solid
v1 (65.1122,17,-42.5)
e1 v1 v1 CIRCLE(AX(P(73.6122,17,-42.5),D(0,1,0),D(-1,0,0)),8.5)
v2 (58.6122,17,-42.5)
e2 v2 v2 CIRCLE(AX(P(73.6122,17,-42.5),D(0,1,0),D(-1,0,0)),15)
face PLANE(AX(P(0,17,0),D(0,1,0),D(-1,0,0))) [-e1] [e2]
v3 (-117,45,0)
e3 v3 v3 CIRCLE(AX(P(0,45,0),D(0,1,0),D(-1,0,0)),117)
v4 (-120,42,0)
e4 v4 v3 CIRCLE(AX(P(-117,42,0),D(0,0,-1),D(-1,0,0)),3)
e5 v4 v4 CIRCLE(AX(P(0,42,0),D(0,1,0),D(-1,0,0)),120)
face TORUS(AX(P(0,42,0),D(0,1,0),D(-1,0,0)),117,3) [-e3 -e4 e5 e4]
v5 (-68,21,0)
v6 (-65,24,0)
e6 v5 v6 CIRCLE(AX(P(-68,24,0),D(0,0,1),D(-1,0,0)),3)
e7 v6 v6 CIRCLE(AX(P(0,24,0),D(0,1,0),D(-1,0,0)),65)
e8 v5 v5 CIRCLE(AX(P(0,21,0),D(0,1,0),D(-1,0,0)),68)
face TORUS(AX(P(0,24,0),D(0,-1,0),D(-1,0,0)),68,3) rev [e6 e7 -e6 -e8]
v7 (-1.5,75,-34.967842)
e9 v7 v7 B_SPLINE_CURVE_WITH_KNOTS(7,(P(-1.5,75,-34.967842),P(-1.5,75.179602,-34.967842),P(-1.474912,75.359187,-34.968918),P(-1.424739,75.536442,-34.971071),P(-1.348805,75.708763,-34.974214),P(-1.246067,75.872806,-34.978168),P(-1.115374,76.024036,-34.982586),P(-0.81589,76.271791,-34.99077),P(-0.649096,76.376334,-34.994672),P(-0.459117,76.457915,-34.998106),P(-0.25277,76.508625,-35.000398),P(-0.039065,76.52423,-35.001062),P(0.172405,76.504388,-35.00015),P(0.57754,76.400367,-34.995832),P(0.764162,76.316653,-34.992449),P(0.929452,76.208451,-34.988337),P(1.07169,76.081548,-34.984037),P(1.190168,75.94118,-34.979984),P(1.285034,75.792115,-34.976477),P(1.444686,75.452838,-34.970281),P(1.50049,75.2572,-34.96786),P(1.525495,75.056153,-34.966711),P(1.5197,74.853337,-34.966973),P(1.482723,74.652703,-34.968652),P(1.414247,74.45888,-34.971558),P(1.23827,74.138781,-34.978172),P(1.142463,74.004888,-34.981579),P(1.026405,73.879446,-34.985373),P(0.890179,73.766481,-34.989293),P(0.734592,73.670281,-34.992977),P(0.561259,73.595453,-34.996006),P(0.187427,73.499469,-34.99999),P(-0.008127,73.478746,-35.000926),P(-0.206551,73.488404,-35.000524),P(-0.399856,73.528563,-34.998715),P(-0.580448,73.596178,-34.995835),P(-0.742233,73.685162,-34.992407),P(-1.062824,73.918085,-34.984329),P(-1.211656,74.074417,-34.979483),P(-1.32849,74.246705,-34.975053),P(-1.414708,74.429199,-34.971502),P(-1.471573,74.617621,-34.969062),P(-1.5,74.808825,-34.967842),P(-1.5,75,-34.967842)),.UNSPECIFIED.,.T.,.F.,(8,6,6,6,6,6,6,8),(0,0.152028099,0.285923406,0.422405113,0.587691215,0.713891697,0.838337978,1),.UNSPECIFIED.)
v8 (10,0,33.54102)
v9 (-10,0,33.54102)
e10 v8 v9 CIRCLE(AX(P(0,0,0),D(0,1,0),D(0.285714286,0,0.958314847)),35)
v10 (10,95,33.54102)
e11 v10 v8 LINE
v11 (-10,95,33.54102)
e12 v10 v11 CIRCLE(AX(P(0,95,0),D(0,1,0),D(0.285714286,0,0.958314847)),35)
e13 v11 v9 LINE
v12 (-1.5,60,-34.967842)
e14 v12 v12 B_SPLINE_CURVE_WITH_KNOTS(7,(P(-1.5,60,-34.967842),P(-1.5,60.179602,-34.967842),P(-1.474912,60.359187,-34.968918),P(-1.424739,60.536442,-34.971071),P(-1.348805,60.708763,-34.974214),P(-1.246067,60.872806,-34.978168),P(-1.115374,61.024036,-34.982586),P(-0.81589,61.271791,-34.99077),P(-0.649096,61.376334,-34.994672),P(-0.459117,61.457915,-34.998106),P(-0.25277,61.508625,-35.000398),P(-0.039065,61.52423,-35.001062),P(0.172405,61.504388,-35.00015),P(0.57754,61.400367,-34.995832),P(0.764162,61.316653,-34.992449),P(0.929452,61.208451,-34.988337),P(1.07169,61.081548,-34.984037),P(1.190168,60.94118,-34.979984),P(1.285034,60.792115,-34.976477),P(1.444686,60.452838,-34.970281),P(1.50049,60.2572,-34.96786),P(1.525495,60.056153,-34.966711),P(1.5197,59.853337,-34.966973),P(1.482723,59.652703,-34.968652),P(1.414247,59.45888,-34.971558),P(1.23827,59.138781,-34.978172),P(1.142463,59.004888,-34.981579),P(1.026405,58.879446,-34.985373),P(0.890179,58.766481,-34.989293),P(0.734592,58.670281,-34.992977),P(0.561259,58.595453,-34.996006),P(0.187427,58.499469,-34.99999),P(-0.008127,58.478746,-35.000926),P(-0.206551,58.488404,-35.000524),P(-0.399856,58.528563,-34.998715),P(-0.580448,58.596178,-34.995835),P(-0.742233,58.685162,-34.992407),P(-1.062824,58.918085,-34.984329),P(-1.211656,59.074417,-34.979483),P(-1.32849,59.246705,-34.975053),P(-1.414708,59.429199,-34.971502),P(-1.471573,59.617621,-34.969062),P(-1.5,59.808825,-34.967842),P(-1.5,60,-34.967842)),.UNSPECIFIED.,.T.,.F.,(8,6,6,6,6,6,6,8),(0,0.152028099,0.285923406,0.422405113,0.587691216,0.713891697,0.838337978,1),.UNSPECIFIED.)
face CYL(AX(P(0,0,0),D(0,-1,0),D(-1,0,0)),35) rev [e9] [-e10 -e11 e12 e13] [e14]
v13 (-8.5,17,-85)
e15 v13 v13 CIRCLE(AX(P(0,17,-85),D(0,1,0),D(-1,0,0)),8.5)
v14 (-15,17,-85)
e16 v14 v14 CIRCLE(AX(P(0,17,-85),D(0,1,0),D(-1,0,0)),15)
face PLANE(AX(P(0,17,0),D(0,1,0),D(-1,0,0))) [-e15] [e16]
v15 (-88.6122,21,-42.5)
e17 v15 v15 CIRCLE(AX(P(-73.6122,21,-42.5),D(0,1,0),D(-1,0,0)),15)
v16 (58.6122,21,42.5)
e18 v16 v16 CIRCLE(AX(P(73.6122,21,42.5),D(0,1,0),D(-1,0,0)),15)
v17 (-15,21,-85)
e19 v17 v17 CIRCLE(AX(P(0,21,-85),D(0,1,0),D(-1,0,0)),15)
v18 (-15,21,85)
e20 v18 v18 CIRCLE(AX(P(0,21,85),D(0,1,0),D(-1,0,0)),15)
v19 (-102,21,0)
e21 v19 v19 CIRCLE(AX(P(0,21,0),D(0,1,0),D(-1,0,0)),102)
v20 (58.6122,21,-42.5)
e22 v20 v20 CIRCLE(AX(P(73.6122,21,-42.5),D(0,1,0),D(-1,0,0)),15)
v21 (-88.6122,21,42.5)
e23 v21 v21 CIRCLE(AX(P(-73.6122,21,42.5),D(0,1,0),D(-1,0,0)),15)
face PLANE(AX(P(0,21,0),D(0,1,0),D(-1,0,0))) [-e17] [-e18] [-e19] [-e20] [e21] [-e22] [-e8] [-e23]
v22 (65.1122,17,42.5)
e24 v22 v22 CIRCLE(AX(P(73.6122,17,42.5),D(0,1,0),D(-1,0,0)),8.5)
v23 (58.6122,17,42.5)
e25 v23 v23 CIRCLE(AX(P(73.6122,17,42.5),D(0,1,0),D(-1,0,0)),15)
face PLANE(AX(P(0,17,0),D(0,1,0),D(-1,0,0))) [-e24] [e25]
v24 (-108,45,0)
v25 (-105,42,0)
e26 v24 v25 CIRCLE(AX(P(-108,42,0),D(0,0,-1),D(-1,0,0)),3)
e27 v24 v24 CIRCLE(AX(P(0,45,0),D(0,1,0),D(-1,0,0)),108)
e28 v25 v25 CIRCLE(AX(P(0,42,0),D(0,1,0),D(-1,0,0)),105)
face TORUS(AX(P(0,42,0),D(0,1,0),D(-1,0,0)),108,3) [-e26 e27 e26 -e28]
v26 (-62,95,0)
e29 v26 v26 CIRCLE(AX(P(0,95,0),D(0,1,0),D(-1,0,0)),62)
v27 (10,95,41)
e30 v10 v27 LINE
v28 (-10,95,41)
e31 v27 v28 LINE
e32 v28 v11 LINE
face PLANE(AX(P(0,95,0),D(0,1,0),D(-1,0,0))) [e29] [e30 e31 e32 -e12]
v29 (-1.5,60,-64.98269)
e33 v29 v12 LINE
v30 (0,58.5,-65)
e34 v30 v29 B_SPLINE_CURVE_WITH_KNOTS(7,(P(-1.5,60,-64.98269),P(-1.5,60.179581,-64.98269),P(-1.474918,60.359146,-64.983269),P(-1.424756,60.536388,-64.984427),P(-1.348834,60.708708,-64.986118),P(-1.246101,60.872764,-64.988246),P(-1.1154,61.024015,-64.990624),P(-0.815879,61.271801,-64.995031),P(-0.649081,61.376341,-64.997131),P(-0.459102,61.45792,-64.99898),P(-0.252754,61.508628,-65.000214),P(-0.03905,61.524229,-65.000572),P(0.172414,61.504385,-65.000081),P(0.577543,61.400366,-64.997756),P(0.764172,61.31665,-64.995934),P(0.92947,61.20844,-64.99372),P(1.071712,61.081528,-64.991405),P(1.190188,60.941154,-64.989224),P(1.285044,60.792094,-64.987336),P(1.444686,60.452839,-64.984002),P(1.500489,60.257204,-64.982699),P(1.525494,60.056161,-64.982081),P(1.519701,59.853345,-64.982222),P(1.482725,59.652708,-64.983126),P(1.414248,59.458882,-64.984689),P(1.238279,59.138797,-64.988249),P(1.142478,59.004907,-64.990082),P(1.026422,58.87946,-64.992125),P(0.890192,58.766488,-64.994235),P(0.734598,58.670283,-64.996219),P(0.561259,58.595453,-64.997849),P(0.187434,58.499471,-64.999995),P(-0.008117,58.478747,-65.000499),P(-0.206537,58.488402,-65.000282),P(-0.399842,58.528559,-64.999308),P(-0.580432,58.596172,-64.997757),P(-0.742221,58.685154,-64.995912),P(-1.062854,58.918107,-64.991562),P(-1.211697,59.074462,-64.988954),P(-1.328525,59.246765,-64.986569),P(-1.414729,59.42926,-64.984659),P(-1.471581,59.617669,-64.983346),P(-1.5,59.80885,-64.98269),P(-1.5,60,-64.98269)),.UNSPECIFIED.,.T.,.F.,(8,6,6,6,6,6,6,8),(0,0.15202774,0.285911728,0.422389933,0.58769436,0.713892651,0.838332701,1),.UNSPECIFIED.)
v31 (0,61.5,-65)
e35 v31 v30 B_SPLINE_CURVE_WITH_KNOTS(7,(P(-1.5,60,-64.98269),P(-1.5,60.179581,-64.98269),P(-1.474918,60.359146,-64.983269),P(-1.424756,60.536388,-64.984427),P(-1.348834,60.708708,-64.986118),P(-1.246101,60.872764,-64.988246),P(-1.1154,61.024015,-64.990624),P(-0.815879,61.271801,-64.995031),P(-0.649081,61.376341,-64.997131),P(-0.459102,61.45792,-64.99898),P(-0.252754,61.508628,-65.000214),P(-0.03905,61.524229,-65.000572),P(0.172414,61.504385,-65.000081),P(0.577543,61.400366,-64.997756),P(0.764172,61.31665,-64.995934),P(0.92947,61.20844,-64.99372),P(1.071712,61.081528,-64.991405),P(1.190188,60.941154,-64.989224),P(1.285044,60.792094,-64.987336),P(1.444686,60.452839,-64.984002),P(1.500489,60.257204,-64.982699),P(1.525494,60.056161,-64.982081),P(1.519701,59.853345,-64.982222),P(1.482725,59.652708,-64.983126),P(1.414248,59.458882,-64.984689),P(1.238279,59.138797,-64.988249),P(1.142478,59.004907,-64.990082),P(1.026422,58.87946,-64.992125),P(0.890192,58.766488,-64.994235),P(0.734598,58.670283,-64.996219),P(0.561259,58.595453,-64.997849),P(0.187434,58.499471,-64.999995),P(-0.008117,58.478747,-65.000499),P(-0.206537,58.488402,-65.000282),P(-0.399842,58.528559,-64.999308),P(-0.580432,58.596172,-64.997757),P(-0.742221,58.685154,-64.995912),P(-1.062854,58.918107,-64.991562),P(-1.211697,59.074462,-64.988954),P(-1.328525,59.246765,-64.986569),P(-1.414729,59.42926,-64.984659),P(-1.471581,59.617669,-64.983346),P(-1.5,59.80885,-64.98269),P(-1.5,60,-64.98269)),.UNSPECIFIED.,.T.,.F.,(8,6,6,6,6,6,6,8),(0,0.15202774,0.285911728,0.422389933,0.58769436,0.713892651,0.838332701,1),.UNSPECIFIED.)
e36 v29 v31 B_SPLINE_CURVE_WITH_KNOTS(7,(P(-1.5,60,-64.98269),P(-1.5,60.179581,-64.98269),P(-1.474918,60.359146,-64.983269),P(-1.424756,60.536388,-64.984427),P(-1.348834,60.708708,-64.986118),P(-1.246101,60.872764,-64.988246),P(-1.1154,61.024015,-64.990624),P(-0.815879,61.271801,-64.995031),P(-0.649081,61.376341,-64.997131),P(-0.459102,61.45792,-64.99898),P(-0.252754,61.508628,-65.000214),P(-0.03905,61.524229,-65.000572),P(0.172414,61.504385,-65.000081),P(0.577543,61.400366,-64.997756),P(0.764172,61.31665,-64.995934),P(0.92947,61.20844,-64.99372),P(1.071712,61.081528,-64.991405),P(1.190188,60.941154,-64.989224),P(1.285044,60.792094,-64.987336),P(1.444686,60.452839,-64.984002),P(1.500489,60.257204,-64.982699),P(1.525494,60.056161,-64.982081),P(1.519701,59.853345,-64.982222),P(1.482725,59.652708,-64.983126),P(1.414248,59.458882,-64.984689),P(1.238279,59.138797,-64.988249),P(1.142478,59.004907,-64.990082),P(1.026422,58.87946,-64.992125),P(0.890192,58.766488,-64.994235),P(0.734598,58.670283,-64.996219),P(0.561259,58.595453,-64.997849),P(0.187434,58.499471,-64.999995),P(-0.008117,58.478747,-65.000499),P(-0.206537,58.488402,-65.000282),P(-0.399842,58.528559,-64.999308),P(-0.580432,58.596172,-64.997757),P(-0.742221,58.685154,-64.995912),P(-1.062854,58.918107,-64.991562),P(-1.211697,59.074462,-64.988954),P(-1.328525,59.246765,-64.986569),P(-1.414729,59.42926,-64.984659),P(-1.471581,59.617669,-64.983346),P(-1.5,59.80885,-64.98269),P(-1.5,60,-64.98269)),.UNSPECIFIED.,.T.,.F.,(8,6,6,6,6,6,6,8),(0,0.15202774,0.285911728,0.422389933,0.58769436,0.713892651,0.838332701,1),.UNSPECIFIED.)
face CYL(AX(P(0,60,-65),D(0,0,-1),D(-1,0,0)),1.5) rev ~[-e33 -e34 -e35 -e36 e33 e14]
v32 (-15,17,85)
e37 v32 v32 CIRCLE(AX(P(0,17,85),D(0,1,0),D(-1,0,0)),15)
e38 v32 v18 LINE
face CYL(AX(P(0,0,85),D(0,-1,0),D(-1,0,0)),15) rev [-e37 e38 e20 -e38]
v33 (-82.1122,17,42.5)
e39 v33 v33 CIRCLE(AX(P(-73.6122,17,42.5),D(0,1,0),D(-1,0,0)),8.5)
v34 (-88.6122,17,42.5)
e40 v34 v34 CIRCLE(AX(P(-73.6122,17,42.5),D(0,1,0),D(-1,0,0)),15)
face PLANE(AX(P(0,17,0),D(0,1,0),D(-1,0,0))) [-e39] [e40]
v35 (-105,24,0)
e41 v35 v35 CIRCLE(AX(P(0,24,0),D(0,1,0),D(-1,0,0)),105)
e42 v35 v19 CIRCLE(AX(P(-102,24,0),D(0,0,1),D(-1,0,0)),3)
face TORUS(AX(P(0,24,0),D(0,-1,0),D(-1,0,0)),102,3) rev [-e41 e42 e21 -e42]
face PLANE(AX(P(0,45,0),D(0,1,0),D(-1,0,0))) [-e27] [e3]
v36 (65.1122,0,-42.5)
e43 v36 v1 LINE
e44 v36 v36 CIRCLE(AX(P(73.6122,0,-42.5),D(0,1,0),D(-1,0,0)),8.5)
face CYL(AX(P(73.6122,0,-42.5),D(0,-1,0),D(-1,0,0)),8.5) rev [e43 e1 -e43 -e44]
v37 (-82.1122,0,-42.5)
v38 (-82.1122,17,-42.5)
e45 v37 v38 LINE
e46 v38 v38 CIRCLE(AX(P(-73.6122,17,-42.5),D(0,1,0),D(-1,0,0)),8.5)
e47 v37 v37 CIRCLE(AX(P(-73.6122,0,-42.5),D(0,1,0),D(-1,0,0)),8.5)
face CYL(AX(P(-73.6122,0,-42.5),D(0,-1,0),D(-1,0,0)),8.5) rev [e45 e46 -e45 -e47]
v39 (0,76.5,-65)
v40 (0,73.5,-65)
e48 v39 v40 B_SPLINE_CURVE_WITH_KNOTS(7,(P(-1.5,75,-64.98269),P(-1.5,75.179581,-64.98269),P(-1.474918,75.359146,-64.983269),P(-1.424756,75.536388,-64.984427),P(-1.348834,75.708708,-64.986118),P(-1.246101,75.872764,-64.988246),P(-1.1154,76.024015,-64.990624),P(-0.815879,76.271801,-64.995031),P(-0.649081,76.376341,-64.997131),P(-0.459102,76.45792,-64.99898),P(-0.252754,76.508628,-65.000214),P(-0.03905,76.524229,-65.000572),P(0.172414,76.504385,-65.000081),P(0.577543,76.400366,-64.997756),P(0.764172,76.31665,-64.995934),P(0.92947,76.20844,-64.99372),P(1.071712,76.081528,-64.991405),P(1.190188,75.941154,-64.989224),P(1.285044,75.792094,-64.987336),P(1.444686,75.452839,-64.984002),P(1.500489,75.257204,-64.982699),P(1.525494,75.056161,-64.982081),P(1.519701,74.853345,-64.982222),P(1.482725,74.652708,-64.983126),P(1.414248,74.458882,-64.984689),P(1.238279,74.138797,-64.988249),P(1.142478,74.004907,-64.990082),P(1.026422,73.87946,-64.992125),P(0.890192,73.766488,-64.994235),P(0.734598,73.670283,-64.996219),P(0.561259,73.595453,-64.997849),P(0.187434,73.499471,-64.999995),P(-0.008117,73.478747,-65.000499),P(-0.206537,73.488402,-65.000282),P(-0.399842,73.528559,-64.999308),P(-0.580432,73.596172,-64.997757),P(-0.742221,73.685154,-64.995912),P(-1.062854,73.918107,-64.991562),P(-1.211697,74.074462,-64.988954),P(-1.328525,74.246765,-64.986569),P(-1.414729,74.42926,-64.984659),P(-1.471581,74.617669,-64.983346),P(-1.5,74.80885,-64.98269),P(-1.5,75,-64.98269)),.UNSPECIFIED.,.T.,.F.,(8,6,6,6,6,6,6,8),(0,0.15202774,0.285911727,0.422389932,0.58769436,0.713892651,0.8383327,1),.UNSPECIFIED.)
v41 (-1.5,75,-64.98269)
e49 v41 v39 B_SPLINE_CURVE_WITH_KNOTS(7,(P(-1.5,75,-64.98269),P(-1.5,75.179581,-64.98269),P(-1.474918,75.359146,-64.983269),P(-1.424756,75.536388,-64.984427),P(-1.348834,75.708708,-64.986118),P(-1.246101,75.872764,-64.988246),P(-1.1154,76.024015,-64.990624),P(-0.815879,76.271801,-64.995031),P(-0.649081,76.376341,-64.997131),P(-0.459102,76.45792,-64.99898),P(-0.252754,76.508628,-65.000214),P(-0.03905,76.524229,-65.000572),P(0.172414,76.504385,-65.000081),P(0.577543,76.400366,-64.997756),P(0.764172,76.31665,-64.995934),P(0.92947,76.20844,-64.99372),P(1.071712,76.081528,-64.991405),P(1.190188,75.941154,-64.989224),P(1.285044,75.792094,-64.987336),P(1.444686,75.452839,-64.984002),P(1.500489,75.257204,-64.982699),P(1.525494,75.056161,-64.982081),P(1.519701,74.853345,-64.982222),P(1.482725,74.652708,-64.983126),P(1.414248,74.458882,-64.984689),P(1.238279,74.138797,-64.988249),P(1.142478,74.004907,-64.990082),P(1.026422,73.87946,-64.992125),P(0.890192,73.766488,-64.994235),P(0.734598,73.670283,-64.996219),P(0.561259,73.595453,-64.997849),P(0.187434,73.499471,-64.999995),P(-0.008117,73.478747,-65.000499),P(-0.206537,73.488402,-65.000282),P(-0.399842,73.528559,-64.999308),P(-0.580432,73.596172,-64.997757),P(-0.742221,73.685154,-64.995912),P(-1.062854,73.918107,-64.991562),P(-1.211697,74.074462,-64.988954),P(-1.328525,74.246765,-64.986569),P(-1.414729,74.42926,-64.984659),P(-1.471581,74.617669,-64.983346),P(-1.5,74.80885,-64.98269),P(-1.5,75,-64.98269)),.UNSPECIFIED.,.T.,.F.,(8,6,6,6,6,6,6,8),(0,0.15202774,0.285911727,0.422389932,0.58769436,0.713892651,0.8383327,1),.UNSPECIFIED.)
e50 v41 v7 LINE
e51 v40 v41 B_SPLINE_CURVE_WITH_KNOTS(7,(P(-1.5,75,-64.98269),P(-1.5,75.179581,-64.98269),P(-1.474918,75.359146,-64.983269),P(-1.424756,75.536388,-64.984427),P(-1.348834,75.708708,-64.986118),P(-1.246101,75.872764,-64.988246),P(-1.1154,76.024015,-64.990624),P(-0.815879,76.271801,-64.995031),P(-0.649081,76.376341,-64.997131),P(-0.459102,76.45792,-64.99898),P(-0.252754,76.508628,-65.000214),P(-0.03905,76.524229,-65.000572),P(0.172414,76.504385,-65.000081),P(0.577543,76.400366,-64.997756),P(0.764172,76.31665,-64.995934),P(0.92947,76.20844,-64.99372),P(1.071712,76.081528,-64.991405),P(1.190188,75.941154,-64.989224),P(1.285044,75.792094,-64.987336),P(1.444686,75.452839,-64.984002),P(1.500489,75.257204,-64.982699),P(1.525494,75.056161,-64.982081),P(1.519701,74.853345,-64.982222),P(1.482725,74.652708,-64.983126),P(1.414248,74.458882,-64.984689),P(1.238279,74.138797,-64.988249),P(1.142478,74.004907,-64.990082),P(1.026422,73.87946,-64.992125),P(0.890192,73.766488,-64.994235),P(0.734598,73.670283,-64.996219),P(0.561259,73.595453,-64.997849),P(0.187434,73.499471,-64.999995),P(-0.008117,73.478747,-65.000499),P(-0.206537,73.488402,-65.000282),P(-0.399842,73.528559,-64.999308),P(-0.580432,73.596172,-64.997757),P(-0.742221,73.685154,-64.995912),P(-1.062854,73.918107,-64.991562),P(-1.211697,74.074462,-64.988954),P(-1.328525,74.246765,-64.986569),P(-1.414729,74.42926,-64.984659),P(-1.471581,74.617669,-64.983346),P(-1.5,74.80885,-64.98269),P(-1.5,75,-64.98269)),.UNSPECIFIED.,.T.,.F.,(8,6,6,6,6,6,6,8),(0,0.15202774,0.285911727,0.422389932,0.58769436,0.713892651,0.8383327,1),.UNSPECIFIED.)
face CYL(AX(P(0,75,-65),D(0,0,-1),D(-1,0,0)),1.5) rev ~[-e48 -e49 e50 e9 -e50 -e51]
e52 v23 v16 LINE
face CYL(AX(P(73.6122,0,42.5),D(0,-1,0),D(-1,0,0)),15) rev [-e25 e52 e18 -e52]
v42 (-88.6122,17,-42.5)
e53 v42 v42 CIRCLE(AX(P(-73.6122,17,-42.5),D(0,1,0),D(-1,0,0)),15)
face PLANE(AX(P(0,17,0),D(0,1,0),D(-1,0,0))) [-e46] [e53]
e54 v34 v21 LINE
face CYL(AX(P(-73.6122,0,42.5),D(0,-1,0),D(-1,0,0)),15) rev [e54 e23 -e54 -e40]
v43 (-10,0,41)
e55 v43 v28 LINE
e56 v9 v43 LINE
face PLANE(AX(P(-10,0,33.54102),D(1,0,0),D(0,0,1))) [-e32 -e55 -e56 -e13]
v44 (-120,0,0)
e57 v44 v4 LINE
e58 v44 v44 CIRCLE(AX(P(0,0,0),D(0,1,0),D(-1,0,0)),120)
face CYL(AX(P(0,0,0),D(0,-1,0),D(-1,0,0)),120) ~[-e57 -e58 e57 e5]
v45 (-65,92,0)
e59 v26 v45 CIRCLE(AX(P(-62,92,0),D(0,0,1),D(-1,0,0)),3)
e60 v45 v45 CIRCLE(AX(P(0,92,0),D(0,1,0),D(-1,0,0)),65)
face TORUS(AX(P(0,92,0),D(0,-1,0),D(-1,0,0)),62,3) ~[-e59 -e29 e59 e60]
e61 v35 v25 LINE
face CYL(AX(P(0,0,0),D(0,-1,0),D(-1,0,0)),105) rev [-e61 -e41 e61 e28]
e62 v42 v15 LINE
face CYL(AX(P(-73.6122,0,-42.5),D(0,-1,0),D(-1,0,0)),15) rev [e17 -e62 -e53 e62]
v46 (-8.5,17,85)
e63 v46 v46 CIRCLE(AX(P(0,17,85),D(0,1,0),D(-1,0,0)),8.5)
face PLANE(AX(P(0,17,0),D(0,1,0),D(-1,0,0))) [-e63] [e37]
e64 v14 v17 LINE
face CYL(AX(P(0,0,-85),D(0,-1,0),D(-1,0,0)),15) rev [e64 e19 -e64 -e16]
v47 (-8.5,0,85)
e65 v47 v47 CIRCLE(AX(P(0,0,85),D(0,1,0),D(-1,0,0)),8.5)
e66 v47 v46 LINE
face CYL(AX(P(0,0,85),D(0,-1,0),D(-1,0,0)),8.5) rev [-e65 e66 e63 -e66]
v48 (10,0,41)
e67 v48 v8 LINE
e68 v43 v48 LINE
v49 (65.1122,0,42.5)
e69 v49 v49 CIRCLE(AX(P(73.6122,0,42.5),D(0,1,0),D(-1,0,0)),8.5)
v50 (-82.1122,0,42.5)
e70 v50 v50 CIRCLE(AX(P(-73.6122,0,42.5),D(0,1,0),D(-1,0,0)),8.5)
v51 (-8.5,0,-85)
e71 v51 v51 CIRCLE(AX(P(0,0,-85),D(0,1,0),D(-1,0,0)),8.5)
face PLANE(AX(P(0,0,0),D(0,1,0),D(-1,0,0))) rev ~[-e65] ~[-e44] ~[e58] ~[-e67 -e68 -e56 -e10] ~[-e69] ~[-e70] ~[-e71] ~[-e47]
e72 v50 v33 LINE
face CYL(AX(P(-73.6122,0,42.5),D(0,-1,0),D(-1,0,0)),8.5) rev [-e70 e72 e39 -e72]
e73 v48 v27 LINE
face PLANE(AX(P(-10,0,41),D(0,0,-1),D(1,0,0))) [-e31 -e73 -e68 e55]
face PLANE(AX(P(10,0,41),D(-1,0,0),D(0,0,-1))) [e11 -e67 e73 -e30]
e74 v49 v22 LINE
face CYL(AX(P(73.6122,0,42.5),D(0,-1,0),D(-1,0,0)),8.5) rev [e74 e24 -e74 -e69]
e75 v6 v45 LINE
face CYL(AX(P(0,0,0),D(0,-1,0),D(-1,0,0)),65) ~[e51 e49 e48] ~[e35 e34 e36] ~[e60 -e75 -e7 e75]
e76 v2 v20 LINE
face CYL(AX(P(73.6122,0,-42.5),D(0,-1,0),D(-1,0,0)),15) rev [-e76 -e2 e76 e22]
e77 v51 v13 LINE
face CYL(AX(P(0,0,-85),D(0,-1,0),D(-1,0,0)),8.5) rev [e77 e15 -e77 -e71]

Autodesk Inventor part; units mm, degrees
ref_plane "YZ Plane" through (0, 0, 0) normal (1, 0, 0) x (0, 1, 0)
ref_plane "XZ Plane" through (0, 0, 0) normal (0, 1, 0) x (-1, 0, 0)
ref_plane "XY Plane" through (0, 0, 0) normal (0, 0, 1) x (1, 0, 0)
sketch "Náčrt1" plane through (0, 0, 0) normal (0, 1, 0) x (-1, 0, 0)
  circle A0 centre (0, 0) radius 120
  circle A1 centre (0, 0) radius 105
  circle A2 centre (0, 0) radius 35
  circle A3 centre (0, 0) radius 65
  line L0 (0, -65) -> (0, -105) construction
  circle A4 centre (0, -85) radius 8.5
  circle A5 centre (73.6122, -42.5) radius 8.5
  circle A6 centre (73.6122, 42.5) radius 8.5
  circle A7 centre (0, 85) radius 8.5
  circle A8 centre (-73.6122, 42.5) radius 8.5
  circle A9 centre (-73.6122, -42.5) radius 8.5
  circle A10 centre (0, -85) radius 15
  circle A11 centre (73.6122, -42.5) radius 15
  circle A12 centre (73.6122, 42.5) radius 15
  circle A13 centre (0, 85) radius 15
  circle A14 centre (-73.6122, 42.5) radius 15
  circle A15 centre (-73.6122, -42.5) radius 15
  dimension "d1" = 210
  dimension "d3" = 130
  dimension "d0" = 240
  dimension "d2" = 70
  dimension "d25" = 17
  dimension "d28" = 360
  dimension "d38" = 30
  dimension "d41" = 360
  dimension "d46" = 40
extrude "Vysunutí1" add sketch "Náčrt1" along normal blind 95 contours A3
extrude "Vysunutí2" add sketch "Náčrt1" along normal blind 21 contours A1
extrude "Vysunutí3" add sketch "Náčrt1" along normal blind 45 contours A0
sketch "Náčrt3" plane through (0, 0, 0) normal (0, -1, 0) x (1, 0, 0)
  line L0 (-10, 41) -> (10, 41)
  line L1 (10, 41) -> (10, 29)
  line L2 (10, 29) -> (-10, 29)
  line L3 (-10, 29) -> (-10, 41)
  circle A0 centre (0, 0) radius 35 projected
  line L4 (-10, 41) -> (10, 29) construction
  line L5 (10, 41) -> (-10, 29) construction
  point P0 (0, 35)
  point P1 (0, 29)
  dimension "d18" = 20
  dimension "d19" = 12
  dimension "d20" = 29
extrude "Vysunutí5" cut sketch "Náčrt3" against normal through all contours L0 L1 A0 L3 | A0 L1 L2 L3 picked at (1.1251, 30.9456)
fillet "Fillet1" radius 3 5 edges at (105, 21, 0) (65, 21, 0) (105, 45, 0) (120, 45, 0) (65, 95, 0)
ref_plane "Work Plane1" through (10, 0, -65) normal (0, 0, -1) x (-1, 0, 0)
sketch "Sketch4" plane through (10, 0, -65) normal (0, 0, -1) x (-1, 0, 0)
  line L0 (10, 0) -> (10, 95)
  line L1 (-25, 95) -> (45, 95) projected
  circle A0 centre (10, 60) radius 1.5
  line L2 (130, 0) -> (-110, 0) projected
  circle A1 centre (10, 75) radius 1.5
  point P0 (20, 95)
  point P1 (0, 95)
  dimension "d35" = 60
  dimension "d45" = 3
  dimension "d47" = 15
extrude "Extrusion6" cut sketch "Sketch4" against normal blind 35
extrude "Extrusion7" add sketch "Náčrt1" along normal blind 17 contours A10 | A11 | A12 | A13 | A14 | A15
thread "Thread1" size "M3x0.5" class "6H" standard "ANSI Metric M Profile" full length
thread "Thread2" size "M3x0.5" class "6H" standard "ANSI Metric M Profile" full length
properties part number "projektspojkas2v1" material "Sedá litina (42 2420)"
